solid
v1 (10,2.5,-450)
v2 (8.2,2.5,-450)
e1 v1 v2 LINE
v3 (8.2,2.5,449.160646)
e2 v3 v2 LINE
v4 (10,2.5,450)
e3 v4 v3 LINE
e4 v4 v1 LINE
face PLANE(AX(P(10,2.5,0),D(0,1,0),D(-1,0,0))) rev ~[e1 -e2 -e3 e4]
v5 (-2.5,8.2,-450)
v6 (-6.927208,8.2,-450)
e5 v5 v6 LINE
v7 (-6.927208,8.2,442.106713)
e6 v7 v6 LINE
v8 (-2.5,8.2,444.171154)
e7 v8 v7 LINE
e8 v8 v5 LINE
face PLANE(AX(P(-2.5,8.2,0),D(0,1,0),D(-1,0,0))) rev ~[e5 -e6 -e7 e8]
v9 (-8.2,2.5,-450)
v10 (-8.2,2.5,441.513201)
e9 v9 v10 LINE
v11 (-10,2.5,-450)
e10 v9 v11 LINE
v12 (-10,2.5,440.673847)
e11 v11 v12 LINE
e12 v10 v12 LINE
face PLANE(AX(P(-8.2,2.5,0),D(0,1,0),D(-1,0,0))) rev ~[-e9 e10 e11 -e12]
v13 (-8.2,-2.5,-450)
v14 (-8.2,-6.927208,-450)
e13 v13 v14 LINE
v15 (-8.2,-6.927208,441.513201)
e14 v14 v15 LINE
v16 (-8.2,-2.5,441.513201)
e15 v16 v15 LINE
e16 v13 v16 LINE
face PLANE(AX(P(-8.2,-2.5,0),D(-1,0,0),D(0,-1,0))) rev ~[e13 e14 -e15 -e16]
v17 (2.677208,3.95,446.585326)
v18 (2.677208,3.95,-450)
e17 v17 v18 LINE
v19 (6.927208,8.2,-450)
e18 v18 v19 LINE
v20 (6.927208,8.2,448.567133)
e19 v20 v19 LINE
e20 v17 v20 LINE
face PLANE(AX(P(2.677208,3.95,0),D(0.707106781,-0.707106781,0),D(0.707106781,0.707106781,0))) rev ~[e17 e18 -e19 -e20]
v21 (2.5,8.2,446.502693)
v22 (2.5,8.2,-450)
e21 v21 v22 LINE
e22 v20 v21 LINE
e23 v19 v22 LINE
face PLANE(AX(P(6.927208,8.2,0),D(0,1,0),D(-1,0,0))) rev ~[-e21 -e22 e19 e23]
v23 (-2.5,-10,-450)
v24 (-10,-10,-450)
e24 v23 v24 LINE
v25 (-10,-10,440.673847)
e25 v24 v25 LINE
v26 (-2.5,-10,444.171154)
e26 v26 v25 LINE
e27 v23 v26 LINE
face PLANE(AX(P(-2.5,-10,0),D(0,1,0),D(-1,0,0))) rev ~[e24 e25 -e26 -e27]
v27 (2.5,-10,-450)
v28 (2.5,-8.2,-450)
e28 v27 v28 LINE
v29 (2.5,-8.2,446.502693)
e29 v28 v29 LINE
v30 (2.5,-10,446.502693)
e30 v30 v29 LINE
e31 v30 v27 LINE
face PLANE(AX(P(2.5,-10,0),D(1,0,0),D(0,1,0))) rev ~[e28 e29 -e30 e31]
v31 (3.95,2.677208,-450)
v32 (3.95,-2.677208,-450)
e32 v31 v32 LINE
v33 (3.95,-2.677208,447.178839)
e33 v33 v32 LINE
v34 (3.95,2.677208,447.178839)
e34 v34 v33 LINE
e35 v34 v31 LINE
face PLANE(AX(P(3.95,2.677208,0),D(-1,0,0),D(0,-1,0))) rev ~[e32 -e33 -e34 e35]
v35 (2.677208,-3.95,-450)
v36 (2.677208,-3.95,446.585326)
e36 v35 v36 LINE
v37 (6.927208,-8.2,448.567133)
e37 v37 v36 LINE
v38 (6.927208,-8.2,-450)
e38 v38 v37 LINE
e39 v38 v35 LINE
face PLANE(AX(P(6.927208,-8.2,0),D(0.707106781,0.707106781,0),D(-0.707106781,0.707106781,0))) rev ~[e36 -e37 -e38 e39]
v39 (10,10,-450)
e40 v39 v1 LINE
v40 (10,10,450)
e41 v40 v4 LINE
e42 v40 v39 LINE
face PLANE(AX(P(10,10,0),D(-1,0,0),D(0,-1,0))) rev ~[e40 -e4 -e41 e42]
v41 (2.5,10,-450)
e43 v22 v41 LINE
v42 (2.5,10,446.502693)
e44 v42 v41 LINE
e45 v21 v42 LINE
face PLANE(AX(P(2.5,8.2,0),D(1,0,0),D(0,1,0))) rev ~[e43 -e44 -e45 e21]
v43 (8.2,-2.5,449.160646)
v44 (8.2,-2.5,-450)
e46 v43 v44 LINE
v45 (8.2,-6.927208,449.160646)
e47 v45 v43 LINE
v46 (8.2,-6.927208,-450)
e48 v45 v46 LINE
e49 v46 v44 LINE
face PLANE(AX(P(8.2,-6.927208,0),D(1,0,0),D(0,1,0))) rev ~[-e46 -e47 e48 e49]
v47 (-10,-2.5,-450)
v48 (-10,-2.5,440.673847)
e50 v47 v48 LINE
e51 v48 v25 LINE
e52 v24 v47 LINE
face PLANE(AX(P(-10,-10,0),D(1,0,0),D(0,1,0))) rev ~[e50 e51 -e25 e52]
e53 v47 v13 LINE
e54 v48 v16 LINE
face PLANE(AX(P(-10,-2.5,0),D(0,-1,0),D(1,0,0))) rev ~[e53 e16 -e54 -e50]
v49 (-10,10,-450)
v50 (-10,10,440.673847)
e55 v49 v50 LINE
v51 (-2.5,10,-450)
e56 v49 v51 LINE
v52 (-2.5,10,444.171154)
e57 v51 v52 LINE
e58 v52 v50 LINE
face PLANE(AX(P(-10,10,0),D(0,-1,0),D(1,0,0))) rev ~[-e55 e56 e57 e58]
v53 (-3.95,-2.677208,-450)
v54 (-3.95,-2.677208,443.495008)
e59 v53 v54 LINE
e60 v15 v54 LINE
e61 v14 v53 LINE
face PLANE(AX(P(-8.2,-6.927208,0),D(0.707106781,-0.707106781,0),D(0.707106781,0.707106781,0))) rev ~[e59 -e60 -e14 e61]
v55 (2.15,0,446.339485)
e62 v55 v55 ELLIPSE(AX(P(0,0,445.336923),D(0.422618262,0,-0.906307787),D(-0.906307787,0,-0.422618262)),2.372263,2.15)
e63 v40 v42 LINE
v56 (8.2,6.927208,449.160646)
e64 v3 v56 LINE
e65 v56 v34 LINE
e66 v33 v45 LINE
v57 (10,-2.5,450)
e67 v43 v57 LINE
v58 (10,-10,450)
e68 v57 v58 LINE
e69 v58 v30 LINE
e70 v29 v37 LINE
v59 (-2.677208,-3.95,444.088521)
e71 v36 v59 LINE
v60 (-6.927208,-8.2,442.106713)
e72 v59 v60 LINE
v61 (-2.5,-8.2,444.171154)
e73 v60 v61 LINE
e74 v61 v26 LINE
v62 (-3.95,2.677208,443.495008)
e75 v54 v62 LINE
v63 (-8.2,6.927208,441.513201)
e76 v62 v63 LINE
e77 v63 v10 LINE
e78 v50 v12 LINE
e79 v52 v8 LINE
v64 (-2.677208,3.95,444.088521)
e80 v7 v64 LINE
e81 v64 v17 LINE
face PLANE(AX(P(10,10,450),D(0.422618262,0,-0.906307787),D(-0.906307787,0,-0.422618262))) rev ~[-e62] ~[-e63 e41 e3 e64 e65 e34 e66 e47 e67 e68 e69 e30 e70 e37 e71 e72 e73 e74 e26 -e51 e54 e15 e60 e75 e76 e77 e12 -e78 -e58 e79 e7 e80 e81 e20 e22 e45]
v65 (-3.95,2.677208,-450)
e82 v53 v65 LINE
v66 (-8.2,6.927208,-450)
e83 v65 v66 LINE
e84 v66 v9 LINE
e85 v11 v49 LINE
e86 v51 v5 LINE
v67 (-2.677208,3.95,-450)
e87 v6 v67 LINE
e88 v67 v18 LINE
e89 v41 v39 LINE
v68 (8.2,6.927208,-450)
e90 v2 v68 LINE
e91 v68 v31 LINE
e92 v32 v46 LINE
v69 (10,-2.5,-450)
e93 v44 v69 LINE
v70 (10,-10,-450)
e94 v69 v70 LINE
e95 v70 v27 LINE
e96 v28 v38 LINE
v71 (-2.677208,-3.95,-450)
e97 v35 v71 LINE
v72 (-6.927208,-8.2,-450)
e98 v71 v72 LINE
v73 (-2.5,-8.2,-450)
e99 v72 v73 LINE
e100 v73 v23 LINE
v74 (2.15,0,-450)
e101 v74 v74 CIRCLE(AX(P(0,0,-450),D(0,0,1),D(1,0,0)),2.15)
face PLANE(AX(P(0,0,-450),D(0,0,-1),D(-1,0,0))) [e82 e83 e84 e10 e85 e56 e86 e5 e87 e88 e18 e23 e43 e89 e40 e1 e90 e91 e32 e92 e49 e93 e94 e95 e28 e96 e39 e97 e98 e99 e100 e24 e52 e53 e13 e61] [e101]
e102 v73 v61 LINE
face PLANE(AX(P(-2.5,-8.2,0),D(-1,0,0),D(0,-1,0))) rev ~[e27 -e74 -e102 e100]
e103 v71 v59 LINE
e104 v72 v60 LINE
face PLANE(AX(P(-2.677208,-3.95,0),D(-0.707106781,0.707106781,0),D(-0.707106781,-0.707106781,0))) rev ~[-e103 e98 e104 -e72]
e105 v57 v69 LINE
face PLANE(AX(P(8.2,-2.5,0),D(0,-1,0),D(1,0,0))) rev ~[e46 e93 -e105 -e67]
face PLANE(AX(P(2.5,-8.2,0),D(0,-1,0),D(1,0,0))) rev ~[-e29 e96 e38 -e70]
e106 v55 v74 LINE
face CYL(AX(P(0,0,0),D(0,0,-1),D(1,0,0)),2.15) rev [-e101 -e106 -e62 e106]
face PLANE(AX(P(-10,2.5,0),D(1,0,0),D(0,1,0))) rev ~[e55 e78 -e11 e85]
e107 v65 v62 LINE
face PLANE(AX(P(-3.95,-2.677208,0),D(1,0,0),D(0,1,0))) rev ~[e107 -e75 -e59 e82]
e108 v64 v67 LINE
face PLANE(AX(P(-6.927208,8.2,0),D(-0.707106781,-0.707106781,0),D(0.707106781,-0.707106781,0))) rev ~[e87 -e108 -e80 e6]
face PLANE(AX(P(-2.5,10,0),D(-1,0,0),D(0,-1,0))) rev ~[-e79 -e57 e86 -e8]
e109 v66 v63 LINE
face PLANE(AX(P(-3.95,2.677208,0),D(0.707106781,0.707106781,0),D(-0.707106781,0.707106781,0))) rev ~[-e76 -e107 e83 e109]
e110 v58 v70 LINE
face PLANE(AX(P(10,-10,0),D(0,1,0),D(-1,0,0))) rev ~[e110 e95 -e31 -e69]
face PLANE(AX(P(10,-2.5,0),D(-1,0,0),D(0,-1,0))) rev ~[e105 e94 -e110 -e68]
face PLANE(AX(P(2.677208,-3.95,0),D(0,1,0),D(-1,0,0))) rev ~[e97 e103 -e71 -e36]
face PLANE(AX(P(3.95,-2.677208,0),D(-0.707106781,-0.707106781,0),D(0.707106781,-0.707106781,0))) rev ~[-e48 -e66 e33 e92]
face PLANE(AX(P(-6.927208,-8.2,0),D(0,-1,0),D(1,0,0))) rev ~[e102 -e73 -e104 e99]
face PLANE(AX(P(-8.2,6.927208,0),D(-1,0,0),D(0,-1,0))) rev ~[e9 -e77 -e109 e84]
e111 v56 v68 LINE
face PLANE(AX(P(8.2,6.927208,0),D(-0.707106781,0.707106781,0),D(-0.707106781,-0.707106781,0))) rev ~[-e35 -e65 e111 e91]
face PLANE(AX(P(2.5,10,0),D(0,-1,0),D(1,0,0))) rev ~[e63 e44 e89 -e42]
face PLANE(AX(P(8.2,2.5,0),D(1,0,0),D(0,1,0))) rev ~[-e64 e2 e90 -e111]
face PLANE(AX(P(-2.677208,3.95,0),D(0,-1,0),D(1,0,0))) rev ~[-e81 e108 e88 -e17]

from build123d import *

# Parameters (mm, degrees)
SKETCH2_R           = 2.15
BOSS_EXTRUDE1_DEPTH = 450
CUT_EXTRUDE1_DEPTH  = 21


with BuildPart() as part:
    # Sketch2 → Boss-Extrude1 (new body, symmetric)
    with BuildSketch(Plane.XY):
        Polygon((-2.5, 10), (-2.5, 8.2), (-6.927207794, 8.2), (-2.677207794, 3.95), (2.677207794, 3.95), (6.927207794, 8.2), (2.5, 8.2), (2.5, 10), (10, 10), (10, 2.5), (8.2, 2.5), (8.2, 6.927207794), (3.95, 2.677207794), (3.95, -2.677207794), (8.2, -6.927207794), (8.2, -2.5), (10, -2.5), (10, -10), (2.5, -10), (2.5, -8.2), (6.927207794, -8.2), (2.677207794, -3.95), (-2.677207794, -3.95), (-6.927207794, -8.2), (-2.5, -8.2), (-2.5, -10), (-10, -10), (-10, -2.5), (-8.2, -2.5), (-8.2, -6.927207794), (-3.95, -2.677207794), (-3.95, 2.677207794), (-8.2, 6.927207794), (-8.2, 2.5), (-10, 2.5), (-10, 10), align=None)
        Circle(SKETCH2_R, mode=Mode.SUBTRACT)
    extrude(amount=BOSS_EXTRUDE1_DEPTH, both=True)

    # Sketch3 → Cut-Extrude1 (cut, through all)
    with BuildSketch(Plane(origin=(0, 10, 0), x_dir=(1, 0, 0), z_dir=(0, 1, 0))):
        Polygon((-10, -450), (10, -450), (-10, -440.673846837), align=None)
    extrude(amount=-CUT_EXTRUDE1_DEPTH, mode=Mode.SUBTRACT)


solid = part.part
